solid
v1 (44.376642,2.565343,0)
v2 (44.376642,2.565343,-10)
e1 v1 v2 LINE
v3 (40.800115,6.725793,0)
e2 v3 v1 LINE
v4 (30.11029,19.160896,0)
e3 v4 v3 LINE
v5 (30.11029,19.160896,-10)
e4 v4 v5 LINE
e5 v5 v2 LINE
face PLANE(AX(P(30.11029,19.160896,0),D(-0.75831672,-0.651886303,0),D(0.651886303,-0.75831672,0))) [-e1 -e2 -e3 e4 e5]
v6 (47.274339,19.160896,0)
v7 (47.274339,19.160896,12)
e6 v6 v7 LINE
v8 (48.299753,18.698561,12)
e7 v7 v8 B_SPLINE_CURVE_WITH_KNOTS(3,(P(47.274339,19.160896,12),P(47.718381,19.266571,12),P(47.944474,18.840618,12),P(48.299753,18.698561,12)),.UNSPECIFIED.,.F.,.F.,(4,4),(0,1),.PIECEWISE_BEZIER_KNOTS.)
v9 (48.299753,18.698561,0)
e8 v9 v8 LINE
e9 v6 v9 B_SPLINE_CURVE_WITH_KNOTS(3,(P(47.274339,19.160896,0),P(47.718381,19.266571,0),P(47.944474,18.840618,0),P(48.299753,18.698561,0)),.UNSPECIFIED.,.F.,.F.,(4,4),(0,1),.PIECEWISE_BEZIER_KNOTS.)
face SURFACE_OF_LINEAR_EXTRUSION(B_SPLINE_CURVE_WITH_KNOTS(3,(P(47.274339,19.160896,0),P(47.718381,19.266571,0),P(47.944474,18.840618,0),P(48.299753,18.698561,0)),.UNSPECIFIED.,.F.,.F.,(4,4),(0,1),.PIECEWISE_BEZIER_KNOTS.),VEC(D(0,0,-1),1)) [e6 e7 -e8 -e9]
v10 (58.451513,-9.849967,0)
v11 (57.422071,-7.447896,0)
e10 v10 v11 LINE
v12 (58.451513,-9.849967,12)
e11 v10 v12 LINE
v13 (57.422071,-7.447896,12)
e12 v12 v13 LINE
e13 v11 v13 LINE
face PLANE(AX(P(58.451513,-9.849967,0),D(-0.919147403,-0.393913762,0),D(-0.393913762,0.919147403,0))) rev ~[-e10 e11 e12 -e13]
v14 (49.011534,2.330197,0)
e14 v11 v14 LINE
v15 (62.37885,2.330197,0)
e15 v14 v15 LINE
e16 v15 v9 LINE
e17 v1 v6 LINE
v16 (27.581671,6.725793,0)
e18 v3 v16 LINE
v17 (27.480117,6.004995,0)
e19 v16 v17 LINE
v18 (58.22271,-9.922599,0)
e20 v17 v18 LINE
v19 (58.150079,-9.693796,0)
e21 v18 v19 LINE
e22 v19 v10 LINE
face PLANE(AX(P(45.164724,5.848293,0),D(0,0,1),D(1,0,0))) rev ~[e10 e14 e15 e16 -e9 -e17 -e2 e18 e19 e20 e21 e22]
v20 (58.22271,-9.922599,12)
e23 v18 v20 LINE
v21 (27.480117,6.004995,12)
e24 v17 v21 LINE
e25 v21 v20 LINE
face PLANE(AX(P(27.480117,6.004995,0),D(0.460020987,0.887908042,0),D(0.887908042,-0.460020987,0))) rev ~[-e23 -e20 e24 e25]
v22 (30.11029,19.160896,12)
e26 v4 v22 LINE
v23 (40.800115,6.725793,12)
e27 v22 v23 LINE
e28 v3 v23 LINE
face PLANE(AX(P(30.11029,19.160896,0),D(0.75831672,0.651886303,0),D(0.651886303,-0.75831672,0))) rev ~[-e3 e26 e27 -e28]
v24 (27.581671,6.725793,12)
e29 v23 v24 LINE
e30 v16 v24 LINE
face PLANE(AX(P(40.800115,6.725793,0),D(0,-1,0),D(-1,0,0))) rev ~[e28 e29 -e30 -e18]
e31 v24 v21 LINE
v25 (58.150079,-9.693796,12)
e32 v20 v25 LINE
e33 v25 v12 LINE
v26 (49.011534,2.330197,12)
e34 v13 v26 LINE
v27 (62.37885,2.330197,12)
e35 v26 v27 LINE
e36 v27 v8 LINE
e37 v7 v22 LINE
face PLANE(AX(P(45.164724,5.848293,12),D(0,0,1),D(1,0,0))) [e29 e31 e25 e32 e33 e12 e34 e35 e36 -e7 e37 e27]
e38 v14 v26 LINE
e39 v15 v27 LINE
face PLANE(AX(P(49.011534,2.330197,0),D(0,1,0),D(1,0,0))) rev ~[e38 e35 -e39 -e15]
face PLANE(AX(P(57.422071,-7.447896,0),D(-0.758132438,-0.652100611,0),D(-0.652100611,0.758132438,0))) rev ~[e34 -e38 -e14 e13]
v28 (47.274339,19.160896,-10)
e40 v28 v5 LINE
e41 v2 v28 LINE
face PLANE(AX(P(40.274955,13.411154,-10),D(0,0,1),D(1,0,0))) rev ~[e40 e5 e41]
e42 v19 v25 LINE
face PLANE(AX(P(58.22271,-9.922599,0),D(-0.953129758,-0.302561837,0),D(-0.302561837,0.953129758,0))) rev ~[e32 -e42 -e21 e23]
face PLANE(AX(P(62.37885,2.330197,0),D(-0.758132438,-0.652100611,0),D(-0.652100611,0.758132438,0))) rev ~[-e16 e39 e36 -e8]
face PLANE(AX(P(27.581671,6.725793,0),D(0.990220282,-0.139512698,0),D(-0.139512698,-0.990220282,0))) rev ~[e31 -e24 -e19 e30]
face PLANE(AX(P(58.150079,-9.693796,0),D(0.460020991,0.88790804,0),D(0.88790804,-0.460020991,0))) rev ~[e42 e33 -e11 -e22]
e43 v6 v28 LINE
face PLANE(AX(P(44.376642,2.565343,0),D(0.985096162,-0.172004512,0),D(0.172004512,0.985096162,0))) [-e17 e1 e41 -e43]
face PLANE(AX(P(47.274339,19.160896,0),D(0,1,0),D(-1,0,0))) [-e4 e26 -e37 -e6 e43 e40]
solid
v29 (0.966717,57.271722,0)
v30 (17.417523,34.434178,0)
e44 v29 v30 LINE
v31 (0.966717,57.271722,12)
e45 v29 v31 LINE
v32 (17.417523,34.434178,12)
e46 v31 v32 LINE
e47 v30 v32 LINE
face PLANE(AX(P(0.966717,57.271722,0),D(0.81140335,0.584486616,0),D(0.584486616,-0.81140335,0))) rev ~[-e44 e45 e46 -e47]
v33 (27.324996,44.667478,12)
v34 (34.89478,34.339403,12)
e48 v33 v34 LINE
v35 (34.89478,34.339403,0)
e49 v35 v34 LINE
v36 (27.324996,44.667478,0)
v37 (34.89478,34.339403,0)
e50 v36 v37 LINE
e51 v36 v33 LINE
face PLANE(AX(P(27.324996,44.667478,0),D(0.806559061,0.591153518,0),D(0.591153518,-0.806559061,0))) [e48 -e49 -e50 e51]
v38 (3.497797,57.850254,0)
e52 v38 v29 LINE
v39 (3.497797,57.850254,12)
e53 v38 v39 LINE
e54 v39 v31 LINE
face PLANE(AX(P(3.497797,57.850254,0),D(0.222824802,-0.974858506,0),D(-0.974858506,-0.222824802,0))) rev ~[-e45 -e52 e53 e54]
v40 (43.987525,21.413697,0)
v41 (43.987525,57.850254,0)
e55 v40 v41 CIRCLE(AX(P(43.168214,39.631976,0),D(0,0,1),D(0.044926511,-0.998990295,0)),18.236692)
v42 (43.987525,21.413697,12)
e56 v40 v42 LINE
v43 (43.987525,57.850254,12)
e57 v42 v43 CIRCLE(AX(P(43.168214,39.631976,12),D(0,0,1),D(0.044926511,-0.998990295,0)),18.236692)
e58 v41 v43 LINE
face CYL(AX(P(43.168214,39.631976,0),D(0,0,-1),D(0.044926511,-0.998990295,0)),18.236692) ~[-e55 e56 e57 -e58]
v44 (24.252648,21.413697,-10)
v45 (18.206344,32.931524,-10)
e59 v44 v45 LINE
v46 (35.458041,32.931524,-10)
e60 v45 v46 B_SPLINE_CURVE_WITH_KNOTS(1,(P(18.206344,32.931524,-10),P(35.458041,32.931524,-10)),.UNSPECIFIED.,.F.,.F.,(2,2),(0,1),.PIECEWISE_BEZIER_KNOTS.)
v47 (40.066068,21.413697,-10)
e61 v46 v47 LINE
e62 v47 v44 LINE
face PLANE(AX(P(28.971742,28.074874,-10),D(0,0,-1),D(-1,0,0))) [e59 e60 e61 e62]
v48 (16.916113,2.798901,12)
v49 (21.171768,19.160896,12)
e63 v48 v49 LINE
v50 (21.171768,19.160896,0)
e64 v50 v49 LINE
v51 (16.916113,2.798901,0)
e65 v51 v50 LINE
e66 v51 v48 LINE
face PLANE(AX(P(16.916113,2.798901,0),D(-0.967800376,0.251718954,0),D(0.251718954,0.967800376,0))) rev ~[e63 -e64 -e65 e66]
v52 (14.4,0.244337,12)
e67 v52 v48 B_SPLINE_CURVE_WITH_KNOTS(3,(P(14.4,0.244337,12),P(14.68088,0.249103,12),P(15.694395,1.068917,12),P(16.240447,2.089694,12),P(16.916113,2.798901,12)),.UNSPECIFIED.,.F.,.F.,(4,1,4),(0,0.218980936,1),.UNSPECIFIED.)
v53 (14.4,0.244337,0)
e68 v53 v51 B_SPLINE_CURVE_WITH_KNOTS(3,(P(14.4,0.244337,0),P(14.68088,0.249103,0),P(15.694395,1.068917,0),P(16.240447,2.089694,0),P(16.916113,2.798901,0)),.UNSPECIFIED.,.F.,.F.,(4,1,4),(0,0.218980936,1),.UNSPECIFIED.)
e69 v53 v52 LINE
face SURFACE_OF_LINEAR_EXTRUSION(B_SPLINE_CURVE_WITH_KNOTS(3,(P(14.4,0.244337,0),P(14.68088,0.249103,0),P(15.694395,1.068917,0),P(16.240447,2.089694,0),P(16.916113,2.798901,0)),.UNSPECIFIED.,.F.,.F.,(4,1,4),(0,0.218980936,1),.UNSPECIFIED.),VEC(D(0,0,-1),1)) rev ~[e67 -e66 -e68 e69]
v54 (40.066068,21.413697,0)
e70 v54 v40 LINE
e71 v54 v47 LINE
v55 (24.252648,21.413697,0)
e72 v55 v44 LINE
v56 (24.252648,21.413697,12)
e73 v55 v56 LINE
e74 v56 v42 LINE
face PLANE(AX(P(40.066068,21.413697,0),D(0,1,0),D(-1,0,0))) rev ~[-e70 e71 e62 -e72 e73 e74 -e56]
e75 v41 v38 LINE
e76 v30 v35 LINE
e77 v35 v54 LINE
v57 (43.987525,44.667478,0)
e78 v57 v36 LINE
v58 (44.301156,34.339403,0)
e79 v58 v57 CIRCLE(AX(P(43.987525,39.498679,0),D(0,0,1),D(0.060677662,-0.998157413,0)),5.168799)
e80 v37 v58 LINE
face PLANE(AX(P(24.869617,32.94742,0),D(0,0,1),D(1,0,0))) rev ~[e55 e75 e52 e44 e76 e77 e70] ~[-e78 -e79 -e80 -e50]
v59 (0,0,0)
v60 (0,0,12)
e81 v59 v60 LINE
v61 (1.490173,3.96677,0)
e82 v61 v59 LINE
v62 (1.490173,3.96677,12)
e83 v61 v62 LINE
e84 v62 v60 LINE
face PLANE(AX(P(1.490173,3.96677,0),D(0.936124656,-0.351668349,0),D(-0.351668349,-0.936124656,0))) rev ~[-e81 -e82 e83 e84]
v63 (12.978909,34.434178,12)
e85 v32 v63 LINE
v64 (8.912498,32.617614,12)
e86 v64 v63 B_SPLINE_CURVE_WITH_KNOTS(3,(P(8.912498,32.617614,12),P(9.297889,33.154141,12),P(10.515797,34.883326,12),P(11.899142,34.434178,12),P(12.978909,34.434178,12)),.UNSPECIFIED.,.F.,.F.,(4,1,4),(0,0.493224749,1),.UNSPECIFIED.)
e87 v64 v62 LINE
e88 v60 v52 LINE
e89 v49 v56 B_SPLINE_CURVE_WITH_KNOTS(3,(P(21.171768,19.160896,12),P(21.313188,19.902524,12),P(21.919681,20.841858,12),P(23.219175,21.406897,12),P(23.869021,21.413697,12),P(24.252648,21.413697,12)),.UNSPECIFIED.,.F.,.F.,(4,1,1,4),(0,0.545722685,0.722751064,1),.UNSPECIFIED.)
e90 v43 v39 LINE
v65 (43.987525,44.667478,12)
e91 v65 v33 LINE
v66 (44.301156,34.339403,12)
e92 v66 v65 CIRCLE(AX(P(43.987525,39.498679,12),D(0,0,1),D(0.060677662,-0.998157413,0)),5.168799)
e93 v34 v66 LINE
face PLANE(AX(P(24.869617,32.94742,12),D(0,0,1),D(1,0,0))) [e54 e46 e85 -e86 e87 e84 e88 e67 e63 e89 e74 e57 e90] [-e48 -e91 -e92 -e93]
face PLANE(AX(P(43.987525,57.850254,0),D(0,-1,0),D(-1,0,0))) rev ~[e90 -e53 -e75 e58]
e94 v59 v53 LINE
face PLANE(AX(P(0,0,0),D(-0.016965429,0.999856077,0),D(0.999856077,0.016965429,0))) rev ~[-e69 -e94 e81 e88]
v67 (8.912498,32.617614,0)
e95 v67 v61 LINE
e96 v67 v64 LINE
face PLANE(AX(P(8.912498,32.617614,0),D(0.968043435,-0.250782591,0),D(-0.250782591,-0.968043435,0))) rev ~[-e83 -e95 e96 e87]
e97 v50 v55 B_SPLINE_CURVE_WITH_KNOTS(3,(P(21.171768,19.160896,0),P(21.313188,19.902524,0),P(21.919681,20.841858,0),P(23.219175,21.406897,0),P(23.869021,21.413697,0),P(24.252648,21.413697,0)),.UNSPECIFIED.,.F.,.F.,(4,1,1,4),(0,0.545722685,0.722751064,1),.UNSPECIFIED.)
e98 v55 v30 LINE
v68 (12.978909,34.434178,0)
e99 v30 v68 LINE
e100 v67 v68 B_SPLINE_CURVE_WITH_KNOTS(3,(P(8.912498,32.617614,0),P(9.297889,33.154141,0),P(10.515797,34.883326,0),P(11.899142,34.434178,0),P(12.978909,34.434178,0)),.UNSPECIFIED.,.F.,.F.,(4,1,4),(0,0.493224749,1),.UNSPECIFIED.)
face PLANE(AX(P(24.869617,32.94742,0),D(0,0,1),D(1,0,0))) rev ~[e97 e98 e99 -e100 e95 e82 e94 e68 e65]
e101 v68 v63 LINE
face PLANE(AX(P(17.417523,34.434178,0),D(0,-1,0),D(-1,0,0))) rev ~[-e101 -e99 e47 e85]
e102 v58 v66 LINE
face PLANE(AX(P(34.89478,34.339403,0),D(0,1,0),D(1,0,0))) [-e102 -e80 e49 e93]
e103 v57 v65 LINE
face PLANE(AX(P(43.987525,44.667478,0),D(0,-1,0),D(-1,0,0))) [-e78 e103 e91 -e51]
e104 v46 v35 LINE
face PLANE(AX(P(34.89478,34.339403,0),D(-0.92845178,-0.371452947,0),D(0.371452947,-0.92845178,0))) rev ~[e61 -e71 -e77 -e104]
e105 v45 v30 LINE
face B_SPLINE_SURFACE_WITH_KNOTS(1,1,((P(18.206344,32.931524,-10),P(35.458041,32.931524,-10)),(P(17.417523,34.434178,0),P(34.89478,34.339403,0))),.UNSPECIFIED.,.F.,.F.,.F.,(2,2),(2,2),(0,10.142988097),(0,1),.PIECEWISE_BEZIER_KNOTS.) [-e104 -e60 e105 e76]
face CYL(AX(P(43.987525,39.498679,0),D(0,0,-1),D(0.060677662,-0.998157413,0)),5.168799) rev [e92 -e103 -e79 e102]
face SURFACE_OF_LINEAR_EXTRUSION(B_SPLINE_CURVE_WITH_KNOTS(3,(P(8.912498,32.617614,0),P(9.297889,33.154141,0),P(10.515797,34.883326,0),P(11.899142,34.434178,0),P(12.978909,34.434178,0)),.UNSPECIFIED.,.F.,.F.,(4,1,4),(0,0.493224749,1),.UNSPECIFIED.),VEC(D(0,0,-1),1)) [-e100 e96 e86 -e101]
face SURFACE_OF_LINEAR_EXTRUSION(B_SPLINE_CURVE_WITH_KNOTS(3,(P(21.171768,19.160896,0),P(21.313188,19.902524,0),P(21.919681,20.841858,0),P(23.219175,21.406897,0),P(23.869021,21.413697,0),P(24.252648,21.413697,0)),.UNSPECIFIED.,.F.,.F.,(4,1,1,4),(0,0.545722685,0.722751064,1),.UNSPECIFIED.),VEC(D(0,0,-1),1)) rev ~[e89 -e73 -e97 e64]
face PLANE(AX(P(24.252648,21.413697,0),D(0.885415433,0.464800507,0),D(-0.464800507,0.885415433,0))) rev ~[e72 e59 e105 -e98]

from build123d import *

# Parameters (mm, degrees)
EXTRUDE_1_DEPTH   = 5
EXTRUDE_1_2_DEPTH = 5
SCALE_3_SCALE     = 2
SCALE_4_SCALE     = 1.2
EXTRUDE_2_DEPTH   = 10


with BuildPart() as part:
    # 草图1 → 凸台-拉伸1 (new body)
    with BuildSketch(Plane.XY):
        with BuildLine():
            Line((0, 0), (6, 0.101807226))
            add(Edge.make_bspline(
                [(6, 0.101807226), (6.11703333, 0.103793032), (6.539331141, 0.445382193), (6.766853053, 0.870706022), (7.048380288, 1.166208583)],
                knots=[0, 0, 0, 0, 0.218980936, 1, 1, 1, 1], degree=3))
            Line((7.048380288, 1.166208583), (8.821569818, 7.983706688))
            add(Edge.make_bspline(
                [(8.821569818, 7.983706688), (8.880494845, 8.292718266), (9.133200384, 8.684107586), (9.674656455, 8.919540561), (9.945425552, 8.922373879), (10.105270187, 8.922373879)],
                knots=[0, 0, 0, 0, 0.545722685, 0.722751064, 1, 1, 1, 1], degree=3))
            Line((10.105270187, 8.922373879), (18.328135523, 8.922373879))
            ThreePointArc((18.328135523, 8.922373879), (25.585377637, 16.513323181), (18.328135523, 24.104272483))
            Line((18.328135523, 24.104272483), (1.457415265, 24.104272483))
            Line((1.457415265, 24.104272483), (0.402798811, 23.863217293))
            Line((0.402798811, 23.863217293), (7.257301052, 14.347574118))
            Line((7.257301052, 14.347574118), (5.407878695, 14.347574118))
            add(Edge.make_bspline(
                [(3.713540643, 13.590672305), (3.874120401, 13.814225479), (4.381582253, 14.534719233), (4.957975747, 14.347574118), (5.407878695, 14.347574118)],
                knots=[0, 0, 0, 0, 0.493224749, 1, 1, 1, 1], degree=3))
            Line((3.713540643, 13.590672305), (0.620905315, 1.652820835))
            Line((0.620905315, 1.652820835), (0, 0))
        make_face()
        with BuildLine():
            Line((11.385415133, 18.611449111), (14.539491637, 14.308084749))
            Line((14.539491637, 14.308084749), (18.458814961, 14.308084749))
            ThreePointArc((18.458814961, 14.308084749), (20.480809555, 16.52315261), (18.328135523, 18.611449111))
            Line((18.328135523, 18.611449111), (11.385415133, 18.611449111))
        make_face(mode=Mode.SUBTRACT)
    extrude(amount=EXTRUDE_1_DEPTH)


with BuildPart() as body_2:
    # 草图1 → Extrude 1 2 (new body)
    with BuildSketch(Plane.XY):
        with BuildLine():
            Line((12.54595398, 7.983706688), (17.000047973, 2.802413675))
            Line((17.000047973, 2.802413675), (11.581733222, 2.802413675))
            Line((11.581733222, 2.802413675), (11.492362709, 2.802413675))
            Line((11.492362709, 2.802413675), (11.450048683, 2.502081107))
            Line((11.450048683, 2.502081107), (24.259462505, -4.134416043))
            Line((24.259462505, -4.134416043), (24.229199468, -4.039081478))
            Line((24.229199468, -4.039081478), (24.354797069, -4.104153006))
            Line((24.354797069, -4.104153006), (23.925862862, -3.103289873))
            Line((23.925862862, -3.103289873), (20.421472701, 0.970915565))
            Line((20.421472701, 0.970915565), (25.991187435, 0.970915565))
            Line((25.991187435, 0.970915565), (20.124897042, 7.79106718))
            add(Edge.make_bspline(
                [(19.697641325, 7.983706688), (19.882658594, 8.02773802), (19.976864064, 7.850257316), (20.124897042, 7.79106718)],
                knots=[0, 0, 0, 0, 1, 1, 1, 1], degree=3))
            Line((19.697641325, 7.983706688), (12.54595398, 7.983706688))
        make_face()
    extrude(amount=EXTRUDE_1_2_DEPTH)


with BuildPart() as body_2_1:
    # 缩放比例3: scaled about (0, 0, 0)
    add(body_2.part.scale(SCALE_3_SCALE))


with BuildPart() as part_1:
    # 缩放比例3: scaled about (0, 0, 0)
    add(part.part.scale(SCALE_3_SCALE))


with BuildPart() as body_2_2:
    # 缩放比例4: scaled about (0, 0, 0)
    add(body_2_1.part.scale(SCALE_4_SCALE))


with BuildPart() as part_2:
    # 缩放比例4: scaled about (0, 0, 0)
    add(part_1.part.scale(SCALE_4_SCALE))


    add(body_2_2.part)  # 凸台-拉伸2 merges body 2
    # 草图2 → 凸台-拉伸2 (add)
    with BuildSketch(Plane(origin=(0, 0, 0), x_dir=(-1, 0, 0), z_dir=(0, 0, -1))):
        Polygon((-30.110289552, 19.160896051), (-44.376642336, 2.565342813), (-47.27433918, 19.160896051), align=None)
        Polygon((-40.066068009, 21.41369731), (-24.252648448, 21.41369731), (-17.417522526, 34.434177884), (-34.89477993, 34.339403398), align=None)
    extrude(amount=EXTRUDE_2_DEPTH)

    # 草图3 → 切除-放样1 section 0
    with BuildSketch(Plane(origin=(27.82574414, 14.607177054, 0), x_dir=(0, 0, 1), z_dir=(-0.8854154326833944, -0.4648005072782058, 0))):
        with BuildLine():
            Line((-10, 20.695761788), (0, 22.392879205))
            Line((0, 22.392879205), (-10, 22.392879205))
            Line((-10, 22.392879205), (-10, 20.695761788))
        make_face()
    # 草图4 → 切除-放样1 section 1
    with BuildSketch(Plane(origin=(41.92293393, 16.772435253, 0), x_dir=(0, 0, -1), z_dir=(0.9284517800893264, 0.3714529472880265, 0))):
        with BuildLine():
            Line((10, 17.404338088), (0, 18.920711362))
            Line((0, 18.920711362), (10, 18.920711362))
            Line((10, 18.920711362), (10, 17.404338088))
        make_face()
    loft(mode=Mode.SUBTRACT)


solid = part_2.part
